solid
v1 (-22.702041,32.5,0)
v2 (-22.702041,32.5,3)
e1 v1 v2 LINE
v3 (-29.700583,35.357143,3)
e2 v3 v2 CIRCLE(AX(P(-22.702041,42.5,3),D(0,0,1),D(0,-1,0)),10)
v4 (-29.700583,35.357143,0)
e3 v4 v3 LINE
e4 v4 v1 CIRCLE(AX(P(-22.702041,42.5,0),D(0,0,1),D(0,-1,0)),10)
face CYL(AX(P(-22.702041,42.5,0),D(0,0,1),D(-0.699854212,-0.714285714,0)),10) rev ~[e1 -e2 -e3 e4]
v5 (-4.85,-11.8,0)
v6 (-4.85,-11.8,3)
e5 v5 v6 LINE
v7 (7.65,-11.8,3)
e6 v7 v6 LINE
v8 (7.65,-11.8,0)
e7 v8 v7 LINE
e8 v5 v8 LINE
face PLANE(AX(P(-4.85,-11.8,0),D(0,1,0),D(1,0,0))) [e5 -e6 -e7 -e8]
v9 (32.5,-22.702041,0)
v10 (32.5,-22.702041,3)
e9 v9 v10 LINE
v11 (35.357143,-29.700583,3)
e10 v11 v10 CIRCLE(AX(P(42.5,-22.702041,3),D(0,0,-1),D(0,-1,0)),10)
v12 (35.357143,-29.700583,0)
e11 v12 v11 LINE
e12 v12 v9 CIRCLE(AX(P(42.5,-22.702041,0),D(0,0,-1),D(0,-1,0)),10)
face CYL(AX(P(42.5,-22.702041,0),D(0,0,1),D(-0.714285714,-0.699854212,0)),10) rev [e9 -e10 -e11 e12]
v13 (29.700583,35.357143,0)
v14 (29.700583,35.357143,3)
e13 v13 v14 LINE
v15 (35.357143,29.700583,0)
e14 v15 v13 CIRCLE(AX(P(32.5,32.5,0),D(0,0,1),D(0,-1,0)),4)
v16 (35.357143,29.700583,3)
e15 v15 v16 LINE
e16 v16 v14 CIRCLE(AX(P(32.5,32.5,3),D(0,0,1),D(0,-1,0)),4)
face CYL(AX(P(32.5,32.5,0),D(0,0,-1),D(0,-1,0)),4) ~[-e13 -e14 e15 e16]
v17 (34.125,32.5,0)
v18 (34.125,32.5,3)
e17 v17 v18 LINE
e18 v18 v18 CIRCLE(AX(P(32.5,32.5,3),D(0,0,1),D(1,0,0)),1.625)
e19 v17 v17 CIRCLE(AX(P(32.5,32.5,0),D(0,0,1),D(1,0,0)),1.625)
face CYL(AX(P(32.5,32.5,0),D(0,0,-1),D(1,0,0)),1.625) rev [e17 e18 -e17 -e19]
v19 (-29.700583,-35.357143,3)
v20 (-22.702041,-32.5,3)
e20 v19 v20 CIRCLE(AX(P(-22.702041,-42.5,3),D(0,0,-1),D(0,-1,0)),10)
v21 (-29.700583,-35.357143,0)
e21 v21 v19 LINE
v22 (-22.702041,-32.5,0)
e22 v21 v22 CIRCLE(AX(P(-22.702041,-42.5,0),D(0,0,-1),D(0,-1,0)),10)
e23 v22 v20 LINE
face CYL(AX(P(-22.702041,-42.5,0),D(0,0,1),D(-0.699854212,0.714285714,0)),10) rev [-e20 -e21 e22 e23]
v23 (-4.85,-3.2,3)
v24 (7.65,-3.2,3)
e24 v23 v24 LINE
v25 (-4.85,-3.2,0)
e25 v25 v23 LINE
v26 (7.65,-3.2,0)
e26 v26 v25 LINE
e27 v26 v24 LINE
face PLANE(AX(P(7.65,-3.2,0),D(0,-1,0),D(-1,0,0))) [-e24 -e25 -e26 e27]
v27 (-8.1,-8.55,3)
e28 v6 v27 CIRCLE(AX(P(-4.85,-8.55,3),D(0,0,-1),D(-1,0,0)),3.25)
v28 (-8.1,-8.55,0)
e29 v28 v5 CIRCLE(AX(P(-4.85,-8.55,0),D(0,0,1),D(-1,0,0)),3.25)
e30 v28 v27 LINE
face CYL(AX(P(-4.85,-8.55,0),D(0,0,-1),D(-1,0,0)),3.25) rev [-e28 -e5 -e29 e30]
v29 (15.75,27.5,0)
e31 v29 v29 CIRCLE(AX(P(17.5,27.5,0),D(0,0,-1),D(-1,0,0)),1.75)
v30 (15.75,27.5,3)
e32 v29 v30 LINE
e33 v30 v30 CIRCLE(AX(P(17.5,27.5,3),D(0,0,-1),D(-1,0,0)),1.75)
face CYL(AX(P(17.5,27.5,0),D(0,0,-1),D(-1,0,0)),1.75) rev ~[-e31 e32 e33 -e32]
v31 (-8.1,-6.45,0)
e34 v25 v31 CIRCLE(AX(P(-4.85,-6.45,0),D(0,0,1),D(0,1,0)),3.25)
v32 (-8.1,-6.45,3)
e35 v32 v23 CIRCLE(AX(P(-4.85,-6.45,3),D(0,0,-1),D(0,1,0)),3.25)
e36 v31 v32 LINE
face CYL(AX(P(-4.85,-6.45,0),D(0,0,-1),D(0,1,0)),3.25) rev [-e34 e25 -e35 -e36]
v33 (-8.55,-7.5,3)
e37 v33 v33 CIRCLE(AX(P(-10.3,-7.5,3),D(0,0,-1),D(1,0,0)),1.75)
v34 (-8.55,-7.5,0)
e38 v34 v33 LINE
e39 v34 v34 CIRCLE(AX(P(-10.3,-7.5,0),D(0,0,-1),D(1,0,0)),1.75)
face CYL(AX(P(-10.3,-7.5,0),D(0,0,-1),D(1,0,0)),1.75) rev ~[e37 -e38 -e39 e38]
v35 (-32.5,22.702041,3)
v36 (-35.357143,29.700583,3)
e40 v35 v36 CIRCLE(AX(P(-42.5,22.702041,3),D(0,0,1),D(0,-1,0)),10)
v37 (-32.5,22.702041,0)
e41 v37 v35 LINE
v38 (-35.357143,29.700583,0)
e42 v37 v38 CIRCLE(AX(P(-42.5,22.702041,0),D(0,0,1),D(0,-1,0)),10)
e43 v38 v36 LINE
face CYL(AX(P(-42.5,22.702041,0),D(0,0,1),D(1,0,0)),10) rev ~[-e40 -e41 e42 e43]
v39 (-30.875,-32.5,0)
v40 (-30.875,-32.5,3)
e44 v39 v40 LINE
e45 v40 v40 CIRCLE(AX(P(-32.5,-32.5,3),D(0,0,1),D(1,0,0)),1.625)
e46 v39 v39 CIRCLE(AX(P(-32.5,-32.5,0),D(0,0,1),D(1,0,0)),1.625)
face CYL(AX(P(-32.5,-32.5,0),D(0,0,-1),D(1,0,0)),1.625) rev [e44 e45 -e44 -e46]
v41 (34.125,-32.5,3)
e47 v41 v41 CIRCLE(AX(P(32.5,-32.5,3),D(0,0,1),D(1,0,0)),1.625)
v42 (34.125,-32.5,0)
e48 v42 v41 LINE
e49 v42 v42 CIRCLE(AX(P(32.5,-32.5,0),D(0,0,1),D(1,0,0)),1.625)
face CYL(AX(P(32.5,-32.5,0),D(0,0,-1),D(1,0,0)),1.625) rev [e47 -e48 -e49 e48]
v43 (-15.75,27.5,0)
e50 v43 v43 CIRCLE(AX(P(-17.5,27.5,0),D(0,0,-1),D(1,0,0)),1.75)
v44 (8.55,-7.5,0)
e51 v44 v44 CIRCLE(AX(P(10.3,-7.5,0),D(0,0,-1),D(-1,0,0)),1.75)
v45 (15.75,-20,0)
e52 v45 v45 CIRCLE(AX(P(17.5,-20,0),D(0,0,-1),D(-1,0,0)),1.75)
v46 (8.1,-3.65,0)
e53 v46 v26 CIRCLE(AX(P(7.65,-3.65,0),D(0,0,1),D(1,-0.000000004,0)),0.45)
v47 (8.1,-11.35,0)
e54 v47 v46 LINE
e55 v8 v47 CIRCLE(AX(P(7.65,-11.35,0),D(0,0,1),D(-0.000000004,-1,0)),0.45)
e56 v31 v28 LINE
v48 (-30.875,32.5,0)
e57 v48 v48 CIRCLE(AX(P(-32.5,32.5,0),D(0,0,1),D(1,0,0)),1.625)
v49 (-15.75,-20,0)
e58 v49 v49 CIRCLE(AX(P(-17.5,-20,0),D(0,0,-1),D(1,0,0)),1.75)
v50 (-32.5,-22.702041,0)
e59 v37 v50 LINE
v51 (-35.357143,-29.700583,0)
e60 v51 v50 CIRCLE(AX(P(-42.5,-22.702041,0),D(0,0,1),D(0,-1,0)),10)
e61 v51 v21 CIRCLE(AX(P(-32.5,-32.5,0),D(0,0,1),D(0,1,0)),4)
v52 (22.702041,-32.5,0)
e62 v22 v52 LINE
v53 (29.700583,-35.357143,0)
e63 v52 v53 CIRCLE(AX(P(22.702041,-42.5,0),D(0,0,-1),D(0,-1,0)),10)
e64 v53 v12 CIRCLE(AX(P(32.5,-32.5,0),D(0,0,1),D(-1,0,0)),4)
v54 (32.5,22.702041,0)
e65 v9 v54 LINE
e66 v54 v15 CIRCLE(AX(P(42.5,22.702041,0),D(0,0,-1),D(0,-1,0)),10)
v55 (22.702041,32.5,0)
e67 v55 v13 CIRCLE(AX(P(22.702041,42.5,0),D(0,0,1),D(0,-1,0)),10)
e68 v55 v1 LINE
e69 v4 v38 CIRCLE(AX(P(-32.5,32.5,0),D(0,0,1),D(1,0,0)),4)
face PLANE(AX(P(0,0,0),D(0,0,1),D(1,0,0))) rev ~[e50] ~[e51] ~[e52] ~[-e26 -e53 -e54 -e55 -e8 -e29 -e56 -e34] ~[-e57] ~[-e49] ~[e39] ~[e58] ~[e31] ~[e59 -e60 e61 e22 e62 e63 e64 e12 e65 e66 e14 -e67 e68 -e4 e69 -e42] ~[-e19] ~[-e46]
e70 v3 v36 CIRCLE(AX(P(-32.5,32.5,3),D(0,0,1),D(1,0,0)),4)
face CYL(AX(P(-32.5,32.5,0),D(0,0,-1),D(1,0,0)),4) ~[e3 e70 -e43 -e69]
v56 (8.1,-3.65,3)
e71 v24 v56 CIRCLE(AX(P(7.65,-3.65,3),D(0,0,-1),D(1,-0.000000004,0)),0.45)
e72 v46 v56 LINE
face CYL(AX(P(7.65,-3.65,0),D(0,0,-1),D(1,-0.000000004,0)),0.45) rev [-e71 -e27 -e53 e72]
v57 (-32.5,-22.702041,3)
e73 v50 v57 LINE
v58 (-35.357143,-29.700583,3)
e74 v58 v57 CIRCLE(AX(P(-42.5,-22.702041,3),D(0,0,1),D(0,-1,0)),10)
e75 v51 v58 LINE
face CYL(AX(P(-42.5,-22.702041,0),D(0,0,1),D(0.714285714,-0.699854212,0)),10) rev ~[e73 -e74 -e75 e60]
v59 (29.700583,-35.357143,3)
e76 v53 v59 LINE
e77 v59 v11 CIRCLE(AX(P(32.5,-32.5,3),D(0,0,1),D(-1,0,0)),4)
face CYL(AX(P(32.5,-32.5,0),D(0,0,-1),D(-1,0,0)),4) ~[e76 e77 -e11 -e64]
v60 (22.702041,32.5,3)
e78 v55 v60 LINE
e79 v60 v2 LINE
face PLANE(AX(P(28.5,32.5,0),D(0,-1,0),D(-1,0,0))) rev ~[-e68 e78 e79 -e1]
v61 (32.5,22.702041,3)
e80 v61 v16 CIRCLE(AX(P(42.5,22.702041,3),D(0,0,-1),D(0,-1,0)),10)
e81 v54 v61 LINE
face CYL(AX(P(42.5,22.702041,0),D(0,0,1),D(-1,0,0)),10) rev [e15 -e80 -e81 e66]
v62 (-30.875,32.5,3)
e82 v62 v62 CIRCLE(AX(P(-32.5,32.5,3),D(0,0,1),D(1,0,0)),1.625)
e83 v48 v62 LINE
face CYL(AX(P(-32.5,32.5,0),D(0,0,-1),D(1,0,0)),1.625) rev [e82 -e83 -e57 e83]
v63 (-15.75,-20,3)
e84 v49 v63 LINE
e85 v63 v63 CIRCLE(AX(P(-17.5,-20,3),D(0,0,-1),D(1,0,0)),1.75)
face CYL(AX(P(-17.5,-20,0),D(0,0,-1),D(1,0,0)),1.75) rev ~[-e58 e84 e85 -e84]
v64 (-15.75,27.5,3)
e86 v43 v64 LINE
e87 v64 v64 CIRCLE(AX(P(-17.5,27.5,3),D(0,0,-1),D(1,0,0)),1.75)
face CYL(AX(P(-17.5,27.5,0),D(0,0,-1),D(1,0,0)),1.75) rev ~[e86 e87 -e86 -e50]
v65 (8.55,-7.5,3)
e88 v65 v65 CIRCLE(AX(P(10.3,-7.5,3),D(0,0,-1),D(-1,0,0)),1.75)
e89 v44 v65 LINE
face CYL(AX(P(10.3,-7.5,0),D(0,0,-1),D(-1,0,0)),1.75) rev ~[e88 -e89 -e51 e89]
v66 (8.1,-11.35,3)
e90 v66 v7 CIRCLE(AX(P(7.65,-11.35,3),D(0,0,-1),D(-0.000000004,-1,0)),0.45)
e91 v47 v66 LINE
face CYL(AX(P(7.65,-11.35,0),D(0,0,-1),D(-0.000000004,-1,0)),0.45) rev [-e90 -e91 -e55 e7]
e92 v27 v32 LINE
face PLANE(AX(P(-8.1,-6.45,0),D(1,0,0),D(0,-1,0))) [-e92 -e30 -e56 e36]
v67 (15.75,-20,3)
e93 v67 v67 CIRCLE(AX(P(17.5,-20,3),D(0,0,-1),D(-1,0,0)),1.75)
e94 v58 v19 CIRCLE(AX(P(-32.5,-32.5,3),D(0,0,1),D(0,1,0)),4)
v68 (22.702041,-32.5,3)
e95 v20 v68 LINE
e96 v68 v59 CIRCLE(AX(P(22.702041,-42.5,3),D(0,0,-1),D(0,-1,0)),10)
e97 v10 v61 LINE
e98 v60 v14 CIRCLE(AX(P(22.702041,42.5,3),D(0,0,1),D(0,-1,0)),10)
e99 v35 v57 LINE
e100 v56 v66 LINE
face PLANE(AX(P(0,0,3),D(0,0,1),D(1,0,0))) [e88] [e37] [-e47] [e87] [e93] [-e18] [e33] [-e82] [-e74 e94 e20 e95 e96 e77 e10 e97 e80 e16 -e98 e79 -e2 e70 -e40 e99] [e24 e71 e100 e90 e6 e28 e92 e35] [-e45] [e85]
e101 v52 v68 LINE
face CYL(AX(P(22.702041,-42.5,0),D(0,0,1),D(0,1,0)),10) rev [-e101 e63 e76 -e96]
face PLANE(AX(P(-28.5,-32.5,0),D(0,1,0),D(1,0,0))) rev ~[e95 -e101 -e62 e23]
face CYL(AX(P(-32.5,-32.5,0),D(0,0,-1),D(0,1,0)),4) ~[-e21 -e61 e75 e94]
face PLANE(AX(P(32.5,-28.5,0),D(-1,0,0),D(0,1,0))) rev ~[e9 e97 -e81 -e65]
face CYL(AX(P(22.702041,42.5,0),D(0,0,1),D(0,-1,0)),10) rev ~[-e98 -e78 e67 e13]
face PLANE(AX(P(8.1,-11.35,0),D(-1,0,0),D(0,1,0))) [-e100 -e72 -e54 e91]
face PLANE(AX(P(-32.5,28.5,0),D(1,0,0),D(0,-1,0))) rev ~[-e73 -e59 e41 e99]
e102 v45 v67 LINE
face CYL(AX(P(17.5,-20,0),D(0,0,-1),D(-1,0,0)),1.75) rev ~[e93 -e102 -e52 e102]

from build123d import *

# Parameters (mm, degrees)
SKETCH_1_R          = 1.625
EXTRUDE_1_DEPTH     = 3
FILLET_1_R          = 10
SKETCH_3_R          = 1.75
CUT_EXTRUDE_1_DEPTH = 10
SKETCH_4_R          = 1.75
CUT_EXTRUDE_2_DEPTH = 10
SKETCH_5_R          = 1.75
CUT_EXTRUDE_3_DEPTH = 10
CUT_EXTRUDE_4_DEPTH = 10


with BuildPart() as part:
    # Эскиз1 → Бобышка-Вытянуть1 (new body)
    with BuildSketch(Plane.XY):
        with BuildLine():
            ThreePointArc((-32.5, -28.5), (-35.328427125, -35.328427125), (-28.5, -32.5))
            Line((-28.5, -32.5), (28.5, -32.5))
            ThreePointArc((28.5, -32.5), (35.328427125, -35.328427125), (32.5, -28.5))
            Line((32.5, -28.5), (32.5, 28.5))
            ThreePointArc((32.5, 28.5), (35.328427125, 35.328427125), (28.5, 32.5))
            Line((28.5, 32.5), (-28.5, 32.5))
            ThreePointArc((-28.5, 32.5), (-35.328427125, 35.328427125), (-32.5, 28.5))
            Line((-32.5, 28.5), (-32.5, -28.5))
        make_face()
        with Locations((-32.5, -32.5)):
            Circle(SKETCH_1_R, mode=Mode.SUBTRACT)
        with Locations((32.5, 32.5)):
            Circle(SKETCH_1_R, mode=Mode.SUBTRACT)
        with Locations((-32.5, 32.5)):
            Circle(SKETCH_1_R, mode=Mode.SUBTRACT)
        with Locations((32.5, -32.5)):
            Circle(SKETCH_1_R, mode=Mode.SUBTRACT)
    extrude(amount=EXTRUDE_1_DEPTH)

    # Скругление1
    fillet_1_edges = [part.edges().sort_by_distance(p)[0] for p in [
        (-32.5, -28.5, 1.5),
        (-32.5, 28.5, 1.5),
        (-28.5, 32.5, 1.5),
        (28.5, 32.5, 1.5),
        (32.5, 28.5, 1.5),
        (32.5, -28.5, 1.5),
        (28.5, -32.5, 1.5),
        (-28.5, -32.5, 1.5),
    ]]
    fillet(fillet_1_edges, radius=FILLET_1_R)

    # Эскиз3 → Вырез-Вытянуть1 (cut)
    with BuildSketch(Plane(origin=(0, 0, 0), x_dir=(-1, 0, 0), z_dir=(0, 0, -1))):
        with Locations((-17.5, 27.5)):
            Circle(SKETCH_3_R)
        with Locations(Location((17.5, 27.5, 0), (0, 0, 180))):
            Circle(SKETCH_3_R)
    extrude(amount=-CUT_EXTRUDE_1_DEPTH, mode=Mode.SUBTRACT)

    # Эскиз4 → Вырез-Вытянуть2 (cut)
    with BuildSketch(Plane(origin=(0, 0, 0), x_dir=(-1, 0, 0), z_dir=(0, 0, -1))):
        with Locations((-17.5, -20)):
            Circle(SKETCH_4_R)
        with Locations(Location((17.5, -20, 0), (0, 0, 180))):
            Circle(SKETCH_4_R)
    extrude(amount=-CUT_EXTRUDE_2_DEPTH, mode=Mode.SUBTRACT)

    # Эскиз5 → Вырез-Вытянуть3 (cut)
    with BuildSketch(Plane(origin=(0, 0, 0), x_dir=(-1, 0, 0), z_dir=(0, 0, -1))):
        with Locations((-10.3, -7.5)):
            Circle(SKETCH_5_R)
        with Locations(Location((10.3, -7.5, 0), (0, 0, 180))):
            Circle(SKETCH_5_R)
    extrude(amount=-CUT_EXTRUDE_3_DEPTH, mode=Mode.SUBTRACT)

    # Эскиз7 → Вырез-Вытянуть4 (cut)
    # profile 1 of 2: a face of its own
    with BuildSketch(Plane(origin=(0, 0, 0), x_dir=(-1, 0, 0), z_dir=(0, 0, -1))):
        with BuildLine():
            Line((-7.65, -3.2), (4.85, -3.2))
            ThreePointArc((4.85, -3.2), (7.148097039, -4.151902961), (8.1, -6.45))
            Line((8.1, -6.45), (8.1, -8.55))
            ThreePointArc((8.1, -8.55), (7.148097039, -10.848097039), (4.85, -11.8))
            Line((4.85, -11.8), (-7.65, -11.8))
            ThreePointArc((-7.65, -11.8), (-7.968198052, -11.668198052), (-8.1, -11.35))
            Line((-8.1, -11.35), (-8.1, -3.65))
            ThreePointArc((-8.1, -3.65), (-7.968198052, -3.331801948), (-7.65, -3.2))
        make_face()
        with BuildLine():
            ThreePointArc((-7.85, -11.35), (-7.791421356, -11.491421356), (-7.65, -11.55))
            Line((-7.65, -11.55), (4.85, -11.55))
            ThreePointArc((4.85, -11.55), (6.971320344, -10.671320344), (7.85, -8.55))
            Line((7.85, -8.55), (7.85, -6.45))
            ThreePointArc((7.85, -6.45), (6.971320344, -4.328679656), (4.85, -3.45))
            Line((4.85, -3.45), (-7.65, -3.45))
            ThreePointArc((-7.65, -3.45), (-7.791421356, -3.508578644), (-7.85, -3.65))
            Line((-7.85, -3.65), (-7.85, -11.35))
        make_face(mode=Mode.SUBTRACT)
    # profile 2 of 2: a face of its own
    with BuildSketch(Plane(origin=(0, 0, 0), x_dir=(-1, 0, 0), z_dir=(0, 0, -1))):
        with BuildLine():
            Line((-7.85, -3.65), (-7.85, -11.35))
            ThreePointArc((-7.85, -11.35), (-7.791421356, -11.491421356), (-7.65, -11.55))
            Line((-7.65, -11.55), (4.85, -11.55))
            ThreePointArc((4.85, -11.55), (6.971320344, -10.671320344), (7.85, -8.55))
            Line((7.85, -8.55), (7.85, -6.45))
            ThreePointArc((7.85, -6.45), (6.971320344, -4.328679656), (4.85, -3.45))
            Line((4.85, -3.45), (-7.65, -3.45))
            ThreePointArc((-7.65, -3.45), (-7.791421356, -3.508578644), (-7.85, -3.65))
        make_face()
    extrude(amount=-CUT_EXTRUDE_4_DEPTH, mode=Mode.SUBTRACT)


solid = part.part
